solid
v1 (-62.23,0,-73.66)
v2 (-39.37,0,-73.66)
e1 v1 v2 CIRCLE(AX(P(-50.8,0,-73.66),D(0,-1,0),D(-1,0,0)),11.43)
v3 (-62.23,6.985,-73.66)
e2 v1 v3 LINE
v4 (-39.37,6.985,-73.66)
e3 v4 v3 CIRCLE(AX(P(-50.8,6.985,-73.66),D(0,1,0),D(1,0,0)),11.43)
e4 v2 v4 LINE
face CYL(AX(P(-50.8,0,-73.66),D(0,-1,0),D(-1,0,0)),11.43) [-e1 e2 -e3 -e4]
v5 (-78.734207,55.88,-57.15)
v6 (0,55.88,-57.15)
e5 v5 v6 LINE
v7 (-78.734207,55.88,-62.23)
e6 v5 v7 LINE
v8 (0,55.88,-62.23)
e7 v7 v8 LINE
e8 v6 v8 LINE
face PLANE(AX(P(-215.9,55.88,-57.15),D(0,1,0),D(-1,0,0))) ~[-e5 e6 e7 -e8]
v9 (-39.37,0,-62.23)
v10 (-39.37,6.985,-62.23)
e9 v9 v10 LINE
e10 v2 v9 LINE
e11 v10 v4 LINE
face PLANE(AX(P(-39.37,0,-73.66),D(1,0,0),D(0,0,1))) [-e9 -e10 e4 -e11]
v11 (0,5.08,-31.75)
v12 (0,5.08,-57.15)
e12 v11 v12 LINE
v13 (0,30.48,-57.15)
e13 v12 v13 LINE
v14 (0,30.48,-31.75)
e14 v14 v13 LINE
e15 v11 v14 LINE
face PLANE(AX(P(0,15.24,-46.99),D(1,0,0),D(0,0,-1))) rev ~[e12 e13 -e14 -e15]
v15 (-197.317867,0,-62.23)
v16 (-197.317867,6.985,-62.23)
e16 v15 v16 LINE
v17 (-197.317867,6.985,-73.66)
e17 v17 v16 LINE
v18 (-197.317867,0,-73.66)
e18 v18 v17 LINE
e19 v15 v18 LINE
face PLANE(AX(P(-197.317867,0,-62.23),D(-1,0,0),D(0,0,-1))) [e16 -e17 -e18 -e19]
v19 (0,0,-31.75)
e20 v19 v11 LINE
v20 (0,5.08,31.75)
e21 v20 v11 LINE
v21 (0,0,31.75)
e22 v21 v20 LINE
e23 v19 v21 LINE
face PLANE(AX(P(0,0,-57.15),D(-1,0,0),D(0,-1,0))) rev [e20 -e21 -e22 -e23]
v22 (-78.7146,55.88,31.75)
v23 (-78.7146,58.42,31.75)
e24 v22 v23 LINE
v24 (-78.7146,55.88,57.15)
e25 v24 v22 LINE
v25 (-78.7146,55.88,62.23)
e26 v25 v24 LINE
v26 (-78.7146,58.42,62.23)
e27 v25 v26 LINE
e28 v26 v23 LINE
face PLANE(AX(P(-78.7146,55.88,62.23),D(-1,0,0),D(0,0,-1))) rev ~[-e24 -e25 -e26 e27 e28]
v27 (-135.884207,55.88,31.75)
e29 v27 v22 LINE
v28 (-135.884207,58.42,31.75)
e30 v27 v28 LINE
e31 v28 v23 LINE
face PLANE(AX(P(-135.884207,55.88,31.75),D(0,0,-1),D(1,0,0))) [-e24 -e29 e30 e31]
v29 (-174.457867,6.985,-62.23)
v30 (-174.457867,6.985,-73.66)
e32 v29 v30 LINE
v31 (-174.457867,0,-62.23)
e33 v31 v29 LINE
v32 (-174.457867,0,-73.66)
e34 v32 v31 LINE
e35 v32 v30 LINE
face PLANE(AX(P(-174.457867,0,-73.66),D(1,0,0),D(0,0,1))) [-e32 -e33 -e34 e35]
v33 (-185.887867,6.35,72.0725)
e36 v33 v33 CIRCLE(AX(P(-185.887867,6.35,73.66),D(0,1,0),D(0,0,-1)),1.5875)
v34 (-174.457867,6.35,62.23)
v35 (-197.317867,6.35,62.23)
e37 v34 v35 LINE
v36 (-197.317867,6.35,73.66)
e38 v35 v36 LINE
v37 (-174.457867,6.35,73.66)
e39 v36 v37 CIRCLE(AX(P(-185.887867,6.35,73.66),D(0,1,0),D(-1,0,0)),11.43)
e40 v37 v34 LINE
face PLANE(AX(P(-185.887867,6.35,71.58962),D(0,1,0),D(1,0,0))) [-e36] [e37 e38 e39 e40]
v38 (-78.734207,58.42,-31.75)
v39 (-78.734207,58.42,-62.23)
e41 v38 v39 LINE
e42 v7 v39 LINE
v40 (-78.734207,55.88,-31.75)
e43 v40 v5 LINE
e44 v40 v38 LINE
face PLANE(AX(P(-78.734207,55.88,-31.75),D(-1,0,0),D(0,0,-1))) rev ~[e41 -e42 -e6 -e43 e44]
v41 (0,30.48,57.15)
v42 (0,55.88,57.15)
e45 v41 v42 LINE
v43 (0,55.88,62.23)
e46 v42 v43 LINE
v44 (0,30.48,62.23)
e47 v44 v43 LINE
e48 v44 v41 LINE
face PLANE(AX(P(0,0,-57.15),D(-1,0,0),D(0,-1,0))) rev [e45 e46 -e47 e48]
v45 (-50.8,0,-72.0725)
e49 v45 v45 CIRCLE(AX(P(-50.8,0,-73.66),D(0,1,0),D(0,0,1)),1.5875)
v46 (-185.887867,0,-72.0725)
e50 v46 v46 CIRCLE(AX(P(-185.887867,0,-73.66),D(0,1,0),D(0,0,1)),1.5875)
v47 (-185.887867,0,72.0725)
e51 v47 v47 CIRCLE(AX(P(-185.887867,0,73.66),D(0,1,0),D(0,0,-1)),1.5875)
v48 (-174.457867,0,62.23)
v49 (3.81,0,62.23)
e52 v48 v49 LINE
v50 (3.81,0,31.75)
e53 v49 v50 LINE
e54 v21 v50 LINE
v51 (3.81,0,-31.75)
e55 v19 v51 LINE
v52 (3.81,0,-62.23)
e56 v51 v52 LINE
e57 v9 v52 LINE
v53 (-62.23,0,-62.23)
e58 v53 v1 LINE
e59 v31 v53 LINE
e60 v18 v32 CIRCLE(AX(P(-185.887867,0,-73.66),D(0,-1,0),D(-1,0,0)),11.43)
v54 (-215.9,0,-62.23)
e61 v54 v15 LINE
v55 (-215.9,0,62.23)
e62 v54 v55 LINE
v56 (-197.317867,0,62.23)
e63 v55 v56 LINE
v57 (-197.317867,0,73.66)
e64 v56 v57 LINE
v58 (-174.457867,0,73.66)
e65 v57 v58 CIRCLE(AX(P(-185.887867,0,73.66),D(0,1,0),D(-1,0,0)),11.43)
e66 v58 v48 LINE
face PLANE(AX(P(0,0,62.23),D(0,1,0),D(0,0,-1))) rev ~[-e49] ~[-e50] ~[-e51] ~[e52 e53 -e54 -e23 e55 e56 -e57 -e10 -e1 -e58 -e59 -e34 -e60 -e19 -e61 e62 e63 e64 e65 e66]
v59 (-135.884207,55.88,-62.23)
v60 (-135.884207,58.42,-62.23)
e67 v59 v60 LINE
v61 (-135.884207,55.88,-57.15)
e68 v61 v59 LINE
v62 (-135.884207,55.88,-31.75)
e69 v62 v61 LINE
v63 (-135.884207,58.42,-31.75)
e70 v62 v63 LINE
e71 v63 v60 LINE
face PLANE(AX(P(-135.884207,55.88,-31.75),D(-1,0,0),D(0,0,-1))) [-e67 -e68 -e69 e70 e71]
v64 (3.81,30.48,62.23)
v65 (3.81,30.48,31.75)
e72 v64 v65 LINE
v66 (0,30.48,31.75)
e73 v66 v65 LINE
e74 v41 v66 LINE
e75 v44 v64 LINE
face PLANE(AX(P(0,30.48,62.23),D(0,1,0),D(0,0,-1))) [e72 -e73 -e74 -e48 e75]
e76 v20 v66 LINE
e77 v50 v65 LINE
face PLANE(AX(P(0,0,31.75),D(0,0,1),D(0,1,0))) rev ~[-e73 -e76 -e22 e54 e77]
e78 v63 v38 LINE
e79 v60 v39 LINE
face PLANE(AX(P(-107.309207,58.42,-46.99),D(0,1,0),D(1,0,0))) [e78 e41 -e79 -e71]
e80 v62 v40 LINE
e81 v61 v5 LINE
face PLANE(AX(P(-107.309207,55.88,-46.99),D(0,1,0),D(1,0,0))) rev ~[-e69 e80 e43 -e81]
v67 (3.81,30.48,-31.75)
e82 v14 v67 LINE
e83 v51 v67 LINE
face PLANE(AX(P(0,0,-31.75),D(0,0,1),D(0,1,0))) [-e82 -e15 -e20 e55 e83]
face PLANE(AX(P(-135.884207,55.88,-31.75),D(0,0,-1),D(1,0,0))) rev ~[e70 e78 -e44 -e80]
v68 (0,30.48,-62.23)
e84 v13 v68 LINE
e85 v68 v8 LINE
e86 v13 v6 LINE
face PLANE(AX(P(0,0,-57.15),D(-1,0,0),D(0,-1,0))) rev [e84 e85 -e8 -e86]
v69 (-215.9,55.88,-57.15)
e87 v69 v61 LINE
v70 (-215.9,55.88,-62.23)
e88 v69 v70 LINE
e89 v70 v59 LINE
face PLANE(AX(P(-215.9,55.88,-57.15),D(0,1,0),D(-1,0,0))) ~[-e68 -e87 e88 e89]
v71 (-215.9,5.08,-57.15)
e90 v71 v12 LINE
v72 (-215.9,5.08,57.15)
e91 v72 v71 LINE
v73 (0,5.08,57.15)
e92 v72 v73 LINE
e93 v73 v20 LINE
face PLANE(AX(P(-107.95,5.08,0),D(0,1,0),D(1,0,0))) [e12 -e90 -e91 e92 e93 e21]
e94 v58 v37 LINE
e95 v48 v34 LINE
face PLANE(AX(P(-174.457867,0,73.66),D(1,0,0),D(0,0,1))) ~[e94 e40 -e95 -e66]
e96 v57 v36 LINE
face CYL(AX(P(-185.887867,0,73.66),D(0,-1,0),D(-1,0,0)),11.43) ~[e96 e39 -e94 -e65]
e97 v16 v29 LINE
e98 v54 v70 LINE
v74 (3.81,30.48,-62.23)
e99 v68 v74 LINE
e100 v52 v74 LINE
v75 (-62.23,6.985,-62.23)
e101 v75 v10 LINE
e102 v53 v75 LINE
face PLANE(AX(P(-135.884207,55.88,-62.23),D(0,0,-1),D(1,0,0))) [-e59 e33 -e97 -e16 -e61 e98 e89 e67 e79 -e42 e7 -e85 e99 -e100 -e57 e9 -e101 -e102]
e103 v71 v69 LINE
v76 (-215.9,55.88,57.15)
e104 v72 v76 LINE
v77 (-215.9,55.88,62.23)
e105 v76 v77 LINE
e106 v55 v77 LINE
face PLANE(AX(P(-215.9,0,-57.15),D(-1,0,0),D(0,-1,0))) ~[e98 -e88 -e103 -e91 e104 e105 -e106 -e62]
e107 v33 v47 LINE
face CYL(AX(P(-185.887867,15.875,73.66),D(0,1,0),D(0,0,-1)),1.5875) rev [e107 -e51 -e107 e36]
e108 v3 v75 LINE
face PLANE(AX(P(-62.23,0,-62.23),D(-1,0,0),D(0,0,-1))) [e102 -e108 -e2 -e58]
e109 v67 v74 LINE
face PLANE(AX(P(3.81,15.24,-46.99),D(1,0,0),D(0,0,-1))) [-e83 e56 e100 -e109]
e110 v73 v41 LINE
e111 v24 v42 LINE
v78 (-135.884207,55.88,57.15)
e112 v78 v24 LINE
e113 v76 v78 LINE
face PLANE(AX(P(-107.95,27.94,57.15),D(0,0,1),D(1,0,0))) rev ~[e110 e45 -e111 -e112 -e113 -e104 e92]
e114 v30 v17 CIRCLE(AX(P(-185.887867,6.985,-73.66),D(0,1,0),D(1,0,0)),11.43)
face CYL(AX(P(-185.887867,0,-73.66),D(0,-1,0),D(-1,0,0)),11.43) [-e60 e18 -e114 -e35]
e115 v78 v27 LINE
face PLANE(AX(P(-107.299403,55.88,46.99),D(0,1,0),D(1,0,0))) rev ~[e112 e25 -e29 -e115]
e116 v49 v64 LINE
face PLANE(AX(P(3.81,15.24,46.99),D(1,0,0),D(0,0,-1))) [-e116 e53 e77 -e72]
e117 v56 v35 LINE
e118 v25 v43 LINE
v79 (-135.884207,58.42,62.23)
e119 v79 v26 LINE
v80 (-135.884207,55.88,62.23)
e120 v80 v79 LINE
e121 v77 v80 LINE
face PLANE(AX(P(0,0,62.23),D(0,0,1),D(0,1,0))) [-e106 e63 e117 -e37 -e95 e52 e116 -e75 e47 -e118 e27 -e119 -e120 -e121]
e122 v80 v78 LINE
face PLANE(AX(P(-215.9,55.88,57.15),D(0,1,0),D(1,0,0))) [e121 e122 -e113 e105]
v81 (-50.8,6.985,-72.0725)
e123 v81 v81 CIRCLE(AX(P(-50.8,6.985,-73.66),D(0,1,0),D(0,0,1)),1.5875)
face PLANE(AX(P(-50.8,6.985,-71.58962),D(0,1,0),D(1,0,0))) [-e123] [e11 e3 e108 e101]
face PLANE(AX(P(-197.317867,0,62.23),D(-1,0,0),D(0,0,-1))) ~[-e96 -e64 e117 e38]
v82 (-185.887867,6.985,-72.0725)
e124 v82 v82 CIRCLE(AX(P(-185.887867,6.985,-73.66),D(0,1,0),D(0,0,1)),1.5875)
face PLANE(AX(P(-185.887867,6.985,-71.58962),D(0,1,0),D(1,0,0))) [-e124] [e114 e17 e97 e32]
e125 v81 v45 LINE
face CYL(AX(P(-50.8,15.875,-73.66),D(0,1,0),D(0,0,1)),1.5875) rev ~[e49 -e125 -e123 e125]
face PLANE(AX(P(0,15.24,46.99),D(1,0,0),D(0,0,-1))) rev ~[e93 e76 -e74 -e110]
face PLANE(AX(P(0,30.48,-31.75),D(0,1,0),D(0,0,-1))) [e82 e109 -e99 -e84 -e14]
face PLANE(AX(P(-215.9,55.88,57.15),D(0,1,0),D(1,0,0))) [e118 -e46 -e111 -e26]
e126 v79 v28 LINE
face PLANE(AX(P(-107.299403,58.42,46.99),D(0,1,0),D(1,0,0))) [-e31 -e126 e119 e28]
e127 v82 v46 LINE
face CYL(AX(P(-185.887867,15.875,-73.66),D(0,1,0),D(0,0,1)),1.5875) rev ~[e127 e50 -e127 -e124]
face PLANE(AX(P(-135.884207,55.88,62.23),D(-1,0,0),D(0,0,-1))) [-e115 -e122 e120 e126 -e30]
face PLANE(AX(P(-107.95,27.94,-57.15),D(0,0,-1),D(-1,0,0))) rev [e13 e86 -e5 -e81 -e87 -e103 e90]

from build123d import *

# Parameters (mm, degrees)
SKETCH1_W           = 215.9
SKETCH1_H           = 114.3
BOSS_EXTRUDE1_DEPTH = 5.08
SKETCH2_W           = 215.9
SKETCH2_H           = 55.88
BOSS_EXTRUDE2_DEPTH = 5.08
SKETCH4_W           = 30.48
SKETCH4_H           = 30.48
BOSS_EXTRUDE3_DEPTH = 3.81
SKETCH5_W           = 57.15
SKETCH5_H           = 30.48
SKETCH5_W_2         = 57.169606557
BOSS_EXTRUDE4_DEPTH = 2.54
BOSS_EXTRUDE6_DEPTH = 15.875
SKETCH14_R          = 1.5875
CUT_EXTRUDE1_DEPTH  = 236.930487909
BOSS_EXTRUDE7_DEPTH = 15.875
SKETCH21_R          = 1.5875
CUT_EXTRUDE6_DEPTH  = 236.930487909
CUT_EXTRUDE10_START = -9.525
CUT_EXTRUDE10_DEPTH = 9.525
CUT_EXTRUDE11_START = -8.89
CUT_EXTRUDE11_DEPTH = 8.89
CUT_EXTRUDE12_START = -8.89
CUT_EXTRUDE12_DEPTH = 8.89


with BuildPart() as part:
    # Sketch1 → Boss-Extrude1 (new body)
    with BuildSketch(Plane(origin=(0, 0, 0), x_dir=(1, 0, 0), z_dir=(0, 1, 0))):
        with Locations((-107.95, 0)):
            Rectangle(SKETCH1_W, SKETCH1_H)
    extrude(amount=BOSS_EXTRUDE1_DEPTH)

    # Sketch2 → Boss-Extrude2 (add)
    with BuildSketch(Plane.XY.offset(57.15)):
        with Locations((-107.95, 27.94)):
            Rectangle(SKETCH2_W, SKETCH2_H)
    boss_extrude2 = extrude(amount=BOSS_EXTRUDE2_DEPTH)

    # Mirror1: Boss-Extrude2 across plane
    add(boss_extrude2.mirror(Plane.XY))

    # Sketch4 → Boss-Extrude3 (add)
    with BuildSketch(Plane(origin=(0, 0, 0), x_dir=(0, 0, -1), z_dir=(1, 0, 0))):
        with Locations((-46.99, 15.24)):
            Rectangle(SKETCH4_W, SKETCH4_H)
        with Locations((46.99, 15.24)):
            Rectangle(SKETCH4_W, SKETCH4_H)
    extrude(amount=BOSS_EXTRUDE3_DEPTH)

    # Sketch5 → Boss-Extrude4 (add)
    with BuildSketch(Plane(origin=(0, 55.88, 0), x_dir=(1, 0, 0), z_dir=(0, 1, 0))):
        with Locations((-107.309206557, 46.99)):
            Rectangle(SKETCH5_W, SKETCH5_H)
        with Locations((-107.299403278, -46.99)):
            Rectangle(SKETCH5_W_2, SKETCH5_H)
    extrude(amount=BOSS_EXTRUDE4_DEPTH)

    # Sketch12 → Boss-Extrude6 (add)
    with BuildSketch(Plane(origin=(0, 0, 0), x_dir=(1, 0, 0), z_dir=(0, 1, 0))):
        with BuildLine():
            Line((-62.23, 62.23), (-62.23, 73.66))
            ThreePointArc((-62.23, 73.66), (-50.8, 85.09), (-39.37, 73.66))
            Line((-39.37, 73.66), (-39.37, 62.23))
            Line((-39.37, 62.23), (-62.23, 62.23))
        make_face()
    extrude(amount=BOSS_EXTRUDE6_DEPTH)

    # Sketch14 → Cut-Extrude1 (cut, through all)
    with BuildSketch(Plane(origin=(0, 15.875, 0), x_dir=(1, 0, 0), z_dir=(0, 1, 0))):
        with Locations(Location((-50.8, 73.66, 0), (0, 0, 270))):
            Circle(SKETCH14_R)
    extrude(amount=-CUT_EXTRUDE1_DEPTH, mode=Mode.SUBTRACT)

    # Sketch20 → Boss-Extrude7 (add)
    with BuildSketch(Plane(origin=(0, 0, 0), x_dir=(1, 0, 0), z_dir=(0, 1, 0))):
        with BuildLine():
            Line((-197.317867116, 62.23), (-197.317867116, 73.66))
            ThreePointArc((-197.317867116, 73.66), (-185.887867116, 85.09), (-174.457867116, 73.66))
            Line((-174.457867116, 73.66), (-174.457867116, 62.23))
            Line((-174.457867116, 62.23), (-197.317867116, 62.23))
        make_face()
    boss_extrude7 = extrude(amount=BOSS_EXTRUDE7_DEPTH)

    # Sketch21 → Cut-Extrude6 (cut, through all)
    with BuildSketch(Plane(origin=(0, 15.875, 0), x_dir=(1, 0, 0), z_dir=(0, 1, 0))):
        with Locations(Location((-185.887867116, 73.66, 0), (0, 0, 270))):
            Circle(SKETCH21_R)
    cut_extrude6 = extrude(amount=-CUT_EXTRUDE6_DEPTH, mode=Mode.SUBTRACT)

    # Mirror4: Boss-Extrude7 across plane
    add(boss_extrude7.mirror(Plane.XY))

    # Mirror5: Cut-Extrude6 across plane
    add(cut_extrude6.mirror(Plane.XY), mode=Mode.SUBTRACT)

    # Sketch25 → Cut-Extrude10 (cut)
    with BuildSketch(Plane(origin=(0, 15.875, 0), x_dir=(1, 0, 0), z_dir=(0, 1, 0)).offset(CUT_EXTRUDE10_START)):
        with BuildLine():
            Line((-197.317867116, -62.23), (-197.317867116, -73.66))
            ThreePointArc((-197.317867116, -73.66), (-185.887867116, -85.09), (-174.457867116, -73.66))
            Line((-174.457867116, -73.66), (-174.457867116, -62.23))
            Line((-174.457867116, -62.23), (-197.317867116, -62.23))
        make_face()
    extrude(amount=CUT_EXTRUDE10_DEPTH, mode=Mode.SUBTRACT)

    # Sketch26 → Cut-Extrude11 (cut)
    with BuildSketch(Plane(origin=(0, 15.875, 0), x_dir=(1, 0, 0), z_dir=(0, 1, 0)).offset(CUT_EXTRUDE11_START)):
        with BuildLine():
            Line((-62.23, 62.23), (-39.37, 62.23))
            Line((-39.37, 62.23), (-39.37, 73.66))
            ThreePointArc((-39.37, 73.66), (-50.8, 85.09), (-62.23, 73.66))
            Line((-62.23, 73.66), (-62.23, 62.23))
        make_face()
    extrude(amount=CUT_EXTRUDE11_DEPTH, mode=Mode.SUBTRACT)

    # Sketch27 → Cut-Extrude12 (cut)
    with BuildSketch(Plane(origin=(0, 15.875, 0), x_dir=(1, 0, 0), z_dir=(0, 1, 0)).offset(CUT_EXTRUDE12_START)):
        with BuildLine():
            Line((-197.317867116, 62.23), (-174.457867116, 62.23))
            Line((-174.457867116, 62.23), (-174.457867116, 73.66))
            ThreePointArc((-174.457867116, 73.66), (-185.887867116, 85.09), (-197.317867116, 73.66))
            Line((-197.317867116, 73.66), (-197.317867116, 62.23))
        make_face()
    extrude(amount=CUT_EXTRUDE12_DEPTH, mode=Mode.SUBTRACT)


solid = part.part
